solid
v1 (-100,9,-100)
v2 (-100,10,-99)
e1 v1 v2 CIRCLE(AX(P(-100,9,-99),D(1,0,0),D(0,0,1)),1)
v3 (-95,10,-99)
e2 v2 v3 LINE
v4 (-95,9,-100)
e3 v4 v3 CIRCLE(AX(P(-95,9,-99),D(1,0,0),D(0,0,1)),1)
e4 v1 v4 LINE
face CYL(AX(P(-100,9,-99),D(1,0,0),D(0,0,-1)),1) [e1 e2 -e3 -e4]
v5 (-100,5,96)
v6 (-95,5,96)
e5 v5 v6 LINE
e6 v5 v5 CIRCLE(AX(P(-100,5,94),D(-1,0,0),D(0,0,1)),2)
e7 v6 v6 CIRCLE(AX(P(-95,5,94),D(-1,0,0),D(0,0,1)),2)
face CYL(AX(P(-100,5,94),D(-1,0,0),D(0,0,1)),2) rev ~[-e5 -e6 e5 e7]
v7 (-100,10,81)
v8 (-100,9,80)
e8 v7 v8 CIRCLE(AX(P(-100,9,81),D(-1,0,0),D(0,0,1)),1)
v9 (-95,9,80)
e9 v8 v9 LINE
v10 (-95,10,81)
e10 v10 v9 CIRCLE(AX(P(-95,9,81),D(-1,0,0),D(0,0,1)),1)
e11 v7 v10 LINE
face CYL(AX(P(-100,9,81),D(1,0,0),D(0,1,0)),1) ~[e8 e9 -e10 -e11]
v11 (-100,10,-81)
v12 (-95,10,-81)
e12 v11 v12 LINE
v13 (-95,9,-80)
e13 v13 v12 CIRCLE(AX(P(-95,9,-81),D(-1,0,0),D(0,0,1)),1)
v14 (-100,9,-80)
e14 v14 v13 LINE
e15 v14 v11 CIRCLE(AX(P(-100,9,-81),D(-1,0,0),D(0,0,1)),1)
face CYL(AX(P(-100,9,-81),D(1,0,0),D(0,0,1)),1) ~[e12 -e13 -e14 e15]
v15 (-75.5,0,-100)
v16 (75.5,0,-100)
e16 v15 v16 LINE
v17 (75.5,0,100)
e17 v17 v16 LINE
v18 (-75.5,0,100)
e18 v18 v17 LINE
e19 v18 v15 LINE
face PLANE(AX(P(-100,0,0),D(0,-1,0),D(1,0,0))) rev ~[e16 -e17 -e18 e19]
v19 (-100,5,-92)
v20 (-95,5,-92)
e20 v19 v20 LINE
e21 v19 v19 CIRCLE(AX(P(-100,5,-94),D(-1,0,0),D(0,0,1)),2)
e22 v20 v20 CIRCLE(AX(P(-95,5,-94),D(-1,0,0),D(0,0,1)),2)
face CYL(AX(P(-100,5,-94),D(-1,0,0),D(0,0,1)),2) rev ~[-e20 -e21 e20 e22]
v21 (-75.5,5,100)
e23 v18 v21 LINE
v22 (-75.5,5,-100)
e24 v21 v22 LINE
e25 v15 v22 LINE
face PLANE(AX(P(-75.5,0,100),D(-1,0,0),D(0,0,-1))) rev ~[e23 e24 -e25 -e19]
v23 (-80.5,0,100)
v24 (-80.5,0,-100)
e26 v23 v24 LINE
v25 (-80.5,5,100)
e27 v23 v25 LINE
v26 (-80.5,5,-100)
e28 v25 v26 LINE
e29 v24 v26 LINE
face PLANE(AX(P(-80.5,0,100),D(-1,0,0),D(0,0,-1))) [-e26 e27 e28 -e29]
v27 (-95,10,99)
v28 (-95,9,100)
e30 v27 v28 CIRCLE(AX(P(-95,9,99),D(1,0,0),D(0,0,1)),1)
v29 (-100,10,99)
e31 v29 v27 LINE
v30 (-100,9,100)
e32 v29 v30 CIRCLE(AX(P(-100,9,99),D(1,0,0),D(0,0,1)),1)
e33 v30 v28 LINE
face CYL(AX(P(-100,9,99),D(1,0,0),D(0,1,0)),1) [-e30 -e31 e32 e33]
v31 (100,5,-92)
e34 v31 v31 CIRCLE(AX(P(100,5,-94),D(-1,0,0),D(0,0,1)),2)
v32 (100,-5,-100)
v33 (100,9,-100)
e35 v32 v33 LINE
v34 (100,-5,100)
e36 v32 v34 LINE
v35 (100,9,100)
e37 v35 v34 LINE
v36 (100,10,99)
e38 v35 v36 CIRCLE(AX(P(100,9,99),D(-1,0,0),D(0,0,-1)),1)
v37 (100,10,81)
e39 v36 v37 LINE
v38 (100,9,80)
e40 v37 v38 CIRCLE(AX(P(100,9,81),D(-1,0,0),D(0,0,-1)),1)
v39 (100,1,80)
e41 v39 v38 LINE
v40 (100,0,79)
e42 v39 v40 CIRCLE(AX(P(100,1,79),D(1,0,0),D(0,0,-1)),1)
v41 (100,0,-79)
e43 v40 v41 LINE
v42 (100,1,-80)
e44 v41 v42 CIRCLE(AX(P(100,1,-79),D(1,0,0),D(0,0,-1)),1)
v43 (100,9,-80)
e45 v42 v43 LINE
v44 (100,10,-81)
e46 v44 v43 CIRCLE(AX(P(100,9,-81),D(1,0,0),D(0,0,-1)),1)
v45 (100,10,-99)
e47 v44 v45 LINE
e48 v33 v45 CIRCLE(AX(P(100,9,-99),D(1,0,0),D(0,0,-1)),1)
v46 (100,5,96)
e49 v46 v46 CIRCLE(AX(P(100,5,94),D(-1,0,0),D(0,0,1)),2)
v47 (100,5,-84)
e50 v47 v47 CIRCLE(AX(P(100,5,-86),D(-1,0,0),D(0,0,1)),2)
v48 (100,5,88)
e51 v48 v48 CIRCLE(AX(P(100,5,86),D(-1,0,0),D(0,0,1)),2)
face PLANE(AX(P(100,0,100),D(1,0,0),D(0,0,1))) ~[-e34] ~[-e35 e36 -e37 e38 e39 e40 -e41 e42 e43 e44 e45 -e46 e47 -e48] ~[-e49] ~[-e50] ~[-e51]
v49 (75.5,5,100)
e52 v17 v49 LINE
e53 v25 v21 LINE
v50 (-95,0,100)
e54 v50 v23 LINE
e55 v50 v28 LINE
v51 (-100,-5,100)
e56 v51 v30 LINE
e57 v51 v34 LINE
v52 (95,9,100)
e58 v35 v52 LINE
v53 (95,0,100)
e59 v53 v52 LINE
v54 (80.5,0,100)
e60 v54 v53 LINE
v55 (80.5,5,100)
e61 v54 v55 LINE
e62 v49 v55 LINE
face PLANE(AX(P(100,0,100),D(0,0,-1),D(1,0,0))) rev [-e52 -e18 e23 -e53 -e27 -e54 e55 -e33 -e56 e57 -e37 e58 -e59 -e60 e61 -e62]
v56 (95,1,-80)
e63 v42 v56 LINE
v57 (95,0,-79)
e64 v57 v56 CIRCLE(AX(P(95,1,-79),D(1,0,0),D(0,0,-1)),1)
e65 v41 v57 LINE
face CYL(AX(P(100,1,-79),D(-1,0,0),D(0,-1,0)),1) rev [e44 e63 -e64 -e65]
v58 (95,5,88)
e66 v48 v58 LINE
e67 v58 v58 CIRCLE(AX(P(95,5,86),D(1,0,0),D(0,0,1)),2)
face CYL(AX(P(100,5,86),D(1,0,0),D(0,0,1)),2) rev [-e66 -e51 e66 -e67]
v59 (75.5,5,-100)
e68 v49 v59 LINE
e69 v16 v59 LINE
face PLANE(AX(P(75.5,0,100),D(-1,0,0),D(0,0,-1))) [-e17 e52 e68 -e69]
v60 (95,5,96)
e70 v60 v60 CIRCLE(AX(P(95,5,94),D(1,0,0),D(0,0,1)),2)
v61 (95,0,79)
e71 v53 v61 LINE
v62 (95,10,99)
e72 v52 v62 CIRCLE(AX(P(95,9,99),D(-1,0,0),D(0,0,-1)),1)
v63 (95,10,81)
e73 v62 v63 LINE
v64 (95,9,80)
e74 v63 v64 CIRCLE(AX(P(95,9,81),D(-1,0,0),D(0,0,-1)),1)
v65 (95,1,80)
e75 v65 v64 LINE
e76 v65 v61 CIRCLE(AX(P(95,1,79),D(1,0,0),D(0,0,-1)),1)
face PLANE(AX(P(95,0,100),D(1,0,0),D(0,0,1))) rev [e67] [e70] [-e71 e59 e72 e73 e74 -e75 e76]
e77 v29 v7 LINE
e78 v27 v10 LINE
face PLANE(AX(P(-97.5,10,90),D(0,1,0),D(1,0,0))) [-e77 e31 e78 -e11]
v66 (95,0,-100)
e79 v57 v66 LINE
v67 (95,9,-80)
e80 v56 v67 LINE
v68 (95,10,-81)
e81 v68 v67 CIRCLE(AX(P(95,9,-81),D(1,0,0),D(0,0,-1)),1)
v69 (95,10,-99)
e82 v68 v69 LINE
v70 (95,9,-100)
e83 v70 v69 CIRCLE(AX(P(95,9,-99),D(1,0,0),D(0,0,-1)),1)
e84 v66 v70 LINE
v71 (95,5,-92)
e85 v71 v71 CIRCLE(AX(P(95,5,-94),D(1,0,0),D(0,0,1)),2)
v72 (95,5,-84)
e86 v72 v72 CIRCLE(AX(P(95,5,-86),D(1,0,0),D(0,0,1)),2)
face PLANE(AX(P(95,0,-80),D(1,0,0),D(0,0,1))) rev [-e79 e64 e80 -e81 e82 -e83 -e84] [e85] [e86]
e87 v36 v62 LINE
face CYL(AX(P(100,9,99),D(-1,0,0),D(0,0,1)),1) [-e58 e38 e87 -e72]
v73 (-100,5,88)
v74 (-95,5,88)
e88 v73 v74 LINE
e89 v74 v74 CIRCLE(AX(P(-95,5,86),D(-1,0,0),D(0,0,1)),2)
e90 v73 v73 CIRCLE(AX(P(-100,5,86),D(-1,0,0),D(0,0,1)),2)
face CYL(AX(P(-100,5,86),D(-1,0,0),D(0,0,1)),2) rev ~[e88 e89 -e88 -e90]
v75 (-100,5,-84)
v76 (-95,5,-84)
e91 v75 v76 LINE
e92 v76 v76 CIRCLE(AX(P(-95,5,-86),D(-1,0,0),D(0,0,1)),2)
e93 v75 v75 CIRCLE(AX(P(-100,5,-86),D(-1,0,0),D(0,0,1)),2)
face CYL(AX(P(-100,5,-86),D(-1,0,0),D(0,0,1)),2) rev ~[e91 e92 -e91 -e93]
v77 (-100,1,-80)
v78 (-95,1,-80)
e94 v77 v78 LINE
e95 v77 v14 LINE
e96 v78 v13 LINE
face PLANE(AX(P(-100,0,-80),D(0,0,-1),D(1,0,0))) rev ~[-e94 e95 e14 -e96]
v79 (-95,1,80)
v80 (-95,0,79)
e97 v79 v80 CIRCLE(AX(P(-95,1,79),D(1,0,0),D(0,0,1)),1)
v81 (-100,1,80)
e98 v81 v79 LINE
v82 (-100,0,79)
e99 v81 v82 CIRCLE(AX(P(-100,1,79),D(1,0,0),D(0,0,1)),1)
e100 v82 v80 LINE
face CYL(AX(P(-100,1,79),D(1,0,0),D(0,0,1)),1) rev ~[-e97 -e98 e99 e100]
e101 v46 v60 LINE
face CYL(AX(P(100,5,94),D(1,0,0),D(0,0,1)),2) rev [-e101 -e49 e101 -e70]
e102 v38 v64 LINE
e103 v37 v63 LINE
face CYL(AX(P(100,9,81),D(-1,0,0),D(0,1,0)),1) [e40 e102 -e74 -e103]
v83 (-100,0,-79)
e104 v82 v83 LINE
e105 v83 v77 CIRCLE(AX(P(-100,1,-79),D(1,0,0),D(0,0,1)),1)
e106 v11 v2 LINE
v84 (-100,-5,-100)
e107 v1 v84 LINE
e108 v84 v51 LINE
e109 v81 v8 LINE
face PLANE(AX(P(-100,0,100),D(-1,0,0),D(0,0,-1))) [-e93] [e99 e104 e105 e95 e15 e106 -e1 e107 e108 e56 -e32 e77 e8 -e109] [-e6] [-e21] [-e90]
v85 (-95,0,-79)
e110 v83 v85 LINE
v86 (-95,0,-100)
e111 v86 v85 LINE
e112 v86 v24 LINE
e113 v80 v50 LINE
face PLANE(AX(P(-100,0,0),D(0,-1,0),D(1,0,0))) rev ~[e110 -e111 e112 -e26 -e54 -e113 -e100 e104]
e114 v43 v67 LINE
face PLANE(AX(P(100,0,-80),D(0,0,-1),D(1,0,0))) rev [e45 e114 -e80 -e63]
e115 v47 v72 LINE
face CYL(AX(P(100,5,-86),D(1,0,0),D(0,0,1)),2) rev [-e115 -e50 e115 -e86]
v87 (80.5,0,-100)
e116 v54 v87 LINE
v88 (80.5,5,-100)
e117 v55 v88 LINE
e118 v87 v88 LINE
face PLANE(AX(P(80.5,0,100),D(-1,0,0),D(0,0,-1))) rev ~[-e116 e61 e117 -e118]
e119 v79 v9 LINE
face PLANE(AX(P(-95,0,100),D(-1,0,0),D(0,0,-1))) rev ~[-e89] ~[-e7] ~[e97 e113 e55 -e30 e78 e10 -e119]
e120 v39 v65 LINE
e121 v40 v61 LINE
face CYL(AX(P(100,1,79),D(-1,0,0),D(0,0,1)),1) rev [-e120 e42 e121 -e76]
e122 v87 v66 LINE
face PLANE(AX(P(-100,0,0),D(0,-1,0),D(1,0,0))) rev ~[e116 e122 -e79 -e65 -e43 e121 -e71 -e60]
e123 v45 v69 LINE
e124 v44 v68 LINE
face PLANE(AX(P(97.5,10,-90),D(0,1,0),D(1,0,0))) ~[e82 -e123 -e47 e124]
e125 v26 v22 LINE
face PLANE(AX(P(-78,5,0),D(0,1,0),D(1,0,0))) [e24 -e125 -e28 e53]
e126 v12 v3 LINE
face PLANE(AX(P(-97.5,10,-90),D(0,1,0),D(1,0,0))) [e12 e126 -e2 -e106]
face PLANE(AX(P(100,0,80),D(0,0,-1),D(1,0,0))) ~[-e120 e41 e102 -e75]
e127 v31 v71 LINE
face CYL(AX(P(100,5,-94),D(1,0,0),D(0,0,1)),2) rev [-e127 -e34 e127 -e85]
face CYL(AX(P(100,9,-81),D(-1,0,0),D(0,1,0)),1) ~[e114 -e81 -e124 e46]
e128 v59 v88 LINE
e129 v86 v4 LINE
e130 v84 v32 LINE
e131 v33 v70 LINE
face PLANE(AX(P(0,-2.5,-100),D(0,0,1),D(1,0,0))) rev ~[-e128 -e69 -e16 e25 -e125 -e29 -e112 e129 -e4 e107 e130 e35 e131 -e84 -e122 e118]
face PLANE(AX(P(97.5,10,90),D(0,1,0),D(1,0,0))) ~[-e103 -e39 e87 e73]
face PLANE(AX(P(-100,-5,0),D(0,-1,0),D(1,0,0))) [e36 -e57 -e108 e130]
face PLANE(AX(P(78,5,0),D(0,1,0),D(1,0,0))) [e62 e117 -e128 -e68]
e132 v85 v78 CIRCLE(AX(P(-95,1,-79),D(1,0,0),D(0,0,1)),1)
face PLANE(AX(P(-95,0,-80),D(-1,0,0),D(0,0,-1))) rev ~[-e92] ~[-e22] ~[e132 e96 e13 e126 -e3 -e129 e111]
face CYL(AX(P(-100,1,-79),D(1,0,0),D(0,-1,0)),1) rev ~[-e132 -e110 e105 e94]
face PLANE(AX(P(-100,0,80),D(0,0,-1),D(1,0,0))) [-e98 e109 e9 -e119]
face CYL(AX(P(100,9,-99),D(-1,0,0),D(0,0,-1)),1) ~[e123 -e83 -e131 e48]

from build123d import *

# Parameters (mm, degrees)
SKETCH1_W            = 200
SKETCH1_H            = 5
BOSS_EXTRUDE1_DEPTH  = 100
SKETCH2_W            = 5
SKETCH2_H            = 200
BOSS_EXTRUDE2_DEPTH  = 5
SKETCH3_W            = 5
SKETCH3_H            = 20
BOSS_EXTRUDE3_DEPTH  = 10
SKETCH4_R            = 2
CUT_EXTRUDE1_DEPTH   = 10
FILLET1_R            = 1
FILLET1_OF_MIRROR1_R = 1


with BuildPart() as part:
    # Sketch1 → Boss-Extrude1 (new, symmetric)
    with BuildSketch(Plane.XY):
        with Locations((0, -2.5)):
            Rectangle(SKETCH1_W, SKETCH1_H)
    extrude(amount=BOSS_EXTRUDE1_DEPTH, both=True)

    # Sketch2 → Boss-Extrude2 (add)
    with BuildSketch(Plane(origin=(0, 0, 0), x_dir=(1, 0, 0), z_dir=(0, 1, 0))):
        with Locations((-78, 0)):
            Rectangle(SKETCH2_W, SKETCH2_H)
        with Locations((78, 0)):
            Rectangle(SKETCH2_W, SKETCH2_H)
    extrude(amount=BOSS_EXTRUDE2_DEPTH)

    # Sketch3 → Boss-Extrude3 (add)
    with BuildSketch(Plane(origin=(0, 0, 0), x_dir=(1, 0, 0), z_dir=(0, 1, 0))):
        with Locations((-97.5, -90)):
            Rectangle(SKETCH3_W, SKETCH3_H)
        with Locations((-97.5, 90)):
            Rectangle(SKETCH3_W, SKETCH3_H)
    boss_extrude3 = extrude(amount=BOSS_EXTRUDE3_DEPTH)

    # Sketch4 → Cut-Extrude1 (cut)
    with BuildSketch(Plane.ZY.offset(100)):
        with Locations((-86, 5)):
            Circle(SKETCH4_R)
        with Locations((-94, 5)):
            Circle(SKETCH4_R)
        with Locations((94, 5)):
            Circle(SKETCH4_R)
        with Locations((86, 5)):
            Circle(SKETCH4_R)
        with Locations((-86, 5)):
            Circle(SKETCH4_R)
        with Locations((-94, 5)):
            Circle(SKETCH4_R)
    cut_extrude1 = extrude(amount=-CUT_EXTRUDE1_DEPTH, mode=Mode.SUBTRACT)

    # Fillet1
    fillet1_edges = [part.edges().sort_by_distance(p)[0] for p in [
        (-97.5, 0, 80),
        (-97.5, 10, 100),
        (-97.5, 10, 80),
        (-97.5, 0, -80),
        (-97.5, 10, -100),
        (-97.5, 10, -80),
    ]]
    fillet(fillet1_edges, radius=FILLET1_R)

    # Mirror1: Boss-Extrude3, Cut-Extrude1 across plane
    add(boss_extrude3.mirror(Plane(origin=(0, 0, 0), x_dir=(0, 0, 1), z_dir=(1, 0, 0))))
    add(cut_extrude1.mirror(Plane(origin=(0, 0, 0), x_dir=(0, 0, 1), z_dir=(1, 0, 0))), mode=Mode.SUBTRACT)

    # Fillet1 of Mirror1
    fillet1_of_mirror1_edges = [part.edges().sort_by_distance(p)[0] for p in [
        (97.5, 0, 80),
        (97.5, 10, 100),
        (97.5, 10, 80),
        (97.5, 0, -80),
        (97.5, 10, -100),
        (97.5, 10, -80),
    ]]
    fillet(fillet1_of_mirror1_edges, radius=FILLET1_OF_MIRROR1_R)


solid = part.part
